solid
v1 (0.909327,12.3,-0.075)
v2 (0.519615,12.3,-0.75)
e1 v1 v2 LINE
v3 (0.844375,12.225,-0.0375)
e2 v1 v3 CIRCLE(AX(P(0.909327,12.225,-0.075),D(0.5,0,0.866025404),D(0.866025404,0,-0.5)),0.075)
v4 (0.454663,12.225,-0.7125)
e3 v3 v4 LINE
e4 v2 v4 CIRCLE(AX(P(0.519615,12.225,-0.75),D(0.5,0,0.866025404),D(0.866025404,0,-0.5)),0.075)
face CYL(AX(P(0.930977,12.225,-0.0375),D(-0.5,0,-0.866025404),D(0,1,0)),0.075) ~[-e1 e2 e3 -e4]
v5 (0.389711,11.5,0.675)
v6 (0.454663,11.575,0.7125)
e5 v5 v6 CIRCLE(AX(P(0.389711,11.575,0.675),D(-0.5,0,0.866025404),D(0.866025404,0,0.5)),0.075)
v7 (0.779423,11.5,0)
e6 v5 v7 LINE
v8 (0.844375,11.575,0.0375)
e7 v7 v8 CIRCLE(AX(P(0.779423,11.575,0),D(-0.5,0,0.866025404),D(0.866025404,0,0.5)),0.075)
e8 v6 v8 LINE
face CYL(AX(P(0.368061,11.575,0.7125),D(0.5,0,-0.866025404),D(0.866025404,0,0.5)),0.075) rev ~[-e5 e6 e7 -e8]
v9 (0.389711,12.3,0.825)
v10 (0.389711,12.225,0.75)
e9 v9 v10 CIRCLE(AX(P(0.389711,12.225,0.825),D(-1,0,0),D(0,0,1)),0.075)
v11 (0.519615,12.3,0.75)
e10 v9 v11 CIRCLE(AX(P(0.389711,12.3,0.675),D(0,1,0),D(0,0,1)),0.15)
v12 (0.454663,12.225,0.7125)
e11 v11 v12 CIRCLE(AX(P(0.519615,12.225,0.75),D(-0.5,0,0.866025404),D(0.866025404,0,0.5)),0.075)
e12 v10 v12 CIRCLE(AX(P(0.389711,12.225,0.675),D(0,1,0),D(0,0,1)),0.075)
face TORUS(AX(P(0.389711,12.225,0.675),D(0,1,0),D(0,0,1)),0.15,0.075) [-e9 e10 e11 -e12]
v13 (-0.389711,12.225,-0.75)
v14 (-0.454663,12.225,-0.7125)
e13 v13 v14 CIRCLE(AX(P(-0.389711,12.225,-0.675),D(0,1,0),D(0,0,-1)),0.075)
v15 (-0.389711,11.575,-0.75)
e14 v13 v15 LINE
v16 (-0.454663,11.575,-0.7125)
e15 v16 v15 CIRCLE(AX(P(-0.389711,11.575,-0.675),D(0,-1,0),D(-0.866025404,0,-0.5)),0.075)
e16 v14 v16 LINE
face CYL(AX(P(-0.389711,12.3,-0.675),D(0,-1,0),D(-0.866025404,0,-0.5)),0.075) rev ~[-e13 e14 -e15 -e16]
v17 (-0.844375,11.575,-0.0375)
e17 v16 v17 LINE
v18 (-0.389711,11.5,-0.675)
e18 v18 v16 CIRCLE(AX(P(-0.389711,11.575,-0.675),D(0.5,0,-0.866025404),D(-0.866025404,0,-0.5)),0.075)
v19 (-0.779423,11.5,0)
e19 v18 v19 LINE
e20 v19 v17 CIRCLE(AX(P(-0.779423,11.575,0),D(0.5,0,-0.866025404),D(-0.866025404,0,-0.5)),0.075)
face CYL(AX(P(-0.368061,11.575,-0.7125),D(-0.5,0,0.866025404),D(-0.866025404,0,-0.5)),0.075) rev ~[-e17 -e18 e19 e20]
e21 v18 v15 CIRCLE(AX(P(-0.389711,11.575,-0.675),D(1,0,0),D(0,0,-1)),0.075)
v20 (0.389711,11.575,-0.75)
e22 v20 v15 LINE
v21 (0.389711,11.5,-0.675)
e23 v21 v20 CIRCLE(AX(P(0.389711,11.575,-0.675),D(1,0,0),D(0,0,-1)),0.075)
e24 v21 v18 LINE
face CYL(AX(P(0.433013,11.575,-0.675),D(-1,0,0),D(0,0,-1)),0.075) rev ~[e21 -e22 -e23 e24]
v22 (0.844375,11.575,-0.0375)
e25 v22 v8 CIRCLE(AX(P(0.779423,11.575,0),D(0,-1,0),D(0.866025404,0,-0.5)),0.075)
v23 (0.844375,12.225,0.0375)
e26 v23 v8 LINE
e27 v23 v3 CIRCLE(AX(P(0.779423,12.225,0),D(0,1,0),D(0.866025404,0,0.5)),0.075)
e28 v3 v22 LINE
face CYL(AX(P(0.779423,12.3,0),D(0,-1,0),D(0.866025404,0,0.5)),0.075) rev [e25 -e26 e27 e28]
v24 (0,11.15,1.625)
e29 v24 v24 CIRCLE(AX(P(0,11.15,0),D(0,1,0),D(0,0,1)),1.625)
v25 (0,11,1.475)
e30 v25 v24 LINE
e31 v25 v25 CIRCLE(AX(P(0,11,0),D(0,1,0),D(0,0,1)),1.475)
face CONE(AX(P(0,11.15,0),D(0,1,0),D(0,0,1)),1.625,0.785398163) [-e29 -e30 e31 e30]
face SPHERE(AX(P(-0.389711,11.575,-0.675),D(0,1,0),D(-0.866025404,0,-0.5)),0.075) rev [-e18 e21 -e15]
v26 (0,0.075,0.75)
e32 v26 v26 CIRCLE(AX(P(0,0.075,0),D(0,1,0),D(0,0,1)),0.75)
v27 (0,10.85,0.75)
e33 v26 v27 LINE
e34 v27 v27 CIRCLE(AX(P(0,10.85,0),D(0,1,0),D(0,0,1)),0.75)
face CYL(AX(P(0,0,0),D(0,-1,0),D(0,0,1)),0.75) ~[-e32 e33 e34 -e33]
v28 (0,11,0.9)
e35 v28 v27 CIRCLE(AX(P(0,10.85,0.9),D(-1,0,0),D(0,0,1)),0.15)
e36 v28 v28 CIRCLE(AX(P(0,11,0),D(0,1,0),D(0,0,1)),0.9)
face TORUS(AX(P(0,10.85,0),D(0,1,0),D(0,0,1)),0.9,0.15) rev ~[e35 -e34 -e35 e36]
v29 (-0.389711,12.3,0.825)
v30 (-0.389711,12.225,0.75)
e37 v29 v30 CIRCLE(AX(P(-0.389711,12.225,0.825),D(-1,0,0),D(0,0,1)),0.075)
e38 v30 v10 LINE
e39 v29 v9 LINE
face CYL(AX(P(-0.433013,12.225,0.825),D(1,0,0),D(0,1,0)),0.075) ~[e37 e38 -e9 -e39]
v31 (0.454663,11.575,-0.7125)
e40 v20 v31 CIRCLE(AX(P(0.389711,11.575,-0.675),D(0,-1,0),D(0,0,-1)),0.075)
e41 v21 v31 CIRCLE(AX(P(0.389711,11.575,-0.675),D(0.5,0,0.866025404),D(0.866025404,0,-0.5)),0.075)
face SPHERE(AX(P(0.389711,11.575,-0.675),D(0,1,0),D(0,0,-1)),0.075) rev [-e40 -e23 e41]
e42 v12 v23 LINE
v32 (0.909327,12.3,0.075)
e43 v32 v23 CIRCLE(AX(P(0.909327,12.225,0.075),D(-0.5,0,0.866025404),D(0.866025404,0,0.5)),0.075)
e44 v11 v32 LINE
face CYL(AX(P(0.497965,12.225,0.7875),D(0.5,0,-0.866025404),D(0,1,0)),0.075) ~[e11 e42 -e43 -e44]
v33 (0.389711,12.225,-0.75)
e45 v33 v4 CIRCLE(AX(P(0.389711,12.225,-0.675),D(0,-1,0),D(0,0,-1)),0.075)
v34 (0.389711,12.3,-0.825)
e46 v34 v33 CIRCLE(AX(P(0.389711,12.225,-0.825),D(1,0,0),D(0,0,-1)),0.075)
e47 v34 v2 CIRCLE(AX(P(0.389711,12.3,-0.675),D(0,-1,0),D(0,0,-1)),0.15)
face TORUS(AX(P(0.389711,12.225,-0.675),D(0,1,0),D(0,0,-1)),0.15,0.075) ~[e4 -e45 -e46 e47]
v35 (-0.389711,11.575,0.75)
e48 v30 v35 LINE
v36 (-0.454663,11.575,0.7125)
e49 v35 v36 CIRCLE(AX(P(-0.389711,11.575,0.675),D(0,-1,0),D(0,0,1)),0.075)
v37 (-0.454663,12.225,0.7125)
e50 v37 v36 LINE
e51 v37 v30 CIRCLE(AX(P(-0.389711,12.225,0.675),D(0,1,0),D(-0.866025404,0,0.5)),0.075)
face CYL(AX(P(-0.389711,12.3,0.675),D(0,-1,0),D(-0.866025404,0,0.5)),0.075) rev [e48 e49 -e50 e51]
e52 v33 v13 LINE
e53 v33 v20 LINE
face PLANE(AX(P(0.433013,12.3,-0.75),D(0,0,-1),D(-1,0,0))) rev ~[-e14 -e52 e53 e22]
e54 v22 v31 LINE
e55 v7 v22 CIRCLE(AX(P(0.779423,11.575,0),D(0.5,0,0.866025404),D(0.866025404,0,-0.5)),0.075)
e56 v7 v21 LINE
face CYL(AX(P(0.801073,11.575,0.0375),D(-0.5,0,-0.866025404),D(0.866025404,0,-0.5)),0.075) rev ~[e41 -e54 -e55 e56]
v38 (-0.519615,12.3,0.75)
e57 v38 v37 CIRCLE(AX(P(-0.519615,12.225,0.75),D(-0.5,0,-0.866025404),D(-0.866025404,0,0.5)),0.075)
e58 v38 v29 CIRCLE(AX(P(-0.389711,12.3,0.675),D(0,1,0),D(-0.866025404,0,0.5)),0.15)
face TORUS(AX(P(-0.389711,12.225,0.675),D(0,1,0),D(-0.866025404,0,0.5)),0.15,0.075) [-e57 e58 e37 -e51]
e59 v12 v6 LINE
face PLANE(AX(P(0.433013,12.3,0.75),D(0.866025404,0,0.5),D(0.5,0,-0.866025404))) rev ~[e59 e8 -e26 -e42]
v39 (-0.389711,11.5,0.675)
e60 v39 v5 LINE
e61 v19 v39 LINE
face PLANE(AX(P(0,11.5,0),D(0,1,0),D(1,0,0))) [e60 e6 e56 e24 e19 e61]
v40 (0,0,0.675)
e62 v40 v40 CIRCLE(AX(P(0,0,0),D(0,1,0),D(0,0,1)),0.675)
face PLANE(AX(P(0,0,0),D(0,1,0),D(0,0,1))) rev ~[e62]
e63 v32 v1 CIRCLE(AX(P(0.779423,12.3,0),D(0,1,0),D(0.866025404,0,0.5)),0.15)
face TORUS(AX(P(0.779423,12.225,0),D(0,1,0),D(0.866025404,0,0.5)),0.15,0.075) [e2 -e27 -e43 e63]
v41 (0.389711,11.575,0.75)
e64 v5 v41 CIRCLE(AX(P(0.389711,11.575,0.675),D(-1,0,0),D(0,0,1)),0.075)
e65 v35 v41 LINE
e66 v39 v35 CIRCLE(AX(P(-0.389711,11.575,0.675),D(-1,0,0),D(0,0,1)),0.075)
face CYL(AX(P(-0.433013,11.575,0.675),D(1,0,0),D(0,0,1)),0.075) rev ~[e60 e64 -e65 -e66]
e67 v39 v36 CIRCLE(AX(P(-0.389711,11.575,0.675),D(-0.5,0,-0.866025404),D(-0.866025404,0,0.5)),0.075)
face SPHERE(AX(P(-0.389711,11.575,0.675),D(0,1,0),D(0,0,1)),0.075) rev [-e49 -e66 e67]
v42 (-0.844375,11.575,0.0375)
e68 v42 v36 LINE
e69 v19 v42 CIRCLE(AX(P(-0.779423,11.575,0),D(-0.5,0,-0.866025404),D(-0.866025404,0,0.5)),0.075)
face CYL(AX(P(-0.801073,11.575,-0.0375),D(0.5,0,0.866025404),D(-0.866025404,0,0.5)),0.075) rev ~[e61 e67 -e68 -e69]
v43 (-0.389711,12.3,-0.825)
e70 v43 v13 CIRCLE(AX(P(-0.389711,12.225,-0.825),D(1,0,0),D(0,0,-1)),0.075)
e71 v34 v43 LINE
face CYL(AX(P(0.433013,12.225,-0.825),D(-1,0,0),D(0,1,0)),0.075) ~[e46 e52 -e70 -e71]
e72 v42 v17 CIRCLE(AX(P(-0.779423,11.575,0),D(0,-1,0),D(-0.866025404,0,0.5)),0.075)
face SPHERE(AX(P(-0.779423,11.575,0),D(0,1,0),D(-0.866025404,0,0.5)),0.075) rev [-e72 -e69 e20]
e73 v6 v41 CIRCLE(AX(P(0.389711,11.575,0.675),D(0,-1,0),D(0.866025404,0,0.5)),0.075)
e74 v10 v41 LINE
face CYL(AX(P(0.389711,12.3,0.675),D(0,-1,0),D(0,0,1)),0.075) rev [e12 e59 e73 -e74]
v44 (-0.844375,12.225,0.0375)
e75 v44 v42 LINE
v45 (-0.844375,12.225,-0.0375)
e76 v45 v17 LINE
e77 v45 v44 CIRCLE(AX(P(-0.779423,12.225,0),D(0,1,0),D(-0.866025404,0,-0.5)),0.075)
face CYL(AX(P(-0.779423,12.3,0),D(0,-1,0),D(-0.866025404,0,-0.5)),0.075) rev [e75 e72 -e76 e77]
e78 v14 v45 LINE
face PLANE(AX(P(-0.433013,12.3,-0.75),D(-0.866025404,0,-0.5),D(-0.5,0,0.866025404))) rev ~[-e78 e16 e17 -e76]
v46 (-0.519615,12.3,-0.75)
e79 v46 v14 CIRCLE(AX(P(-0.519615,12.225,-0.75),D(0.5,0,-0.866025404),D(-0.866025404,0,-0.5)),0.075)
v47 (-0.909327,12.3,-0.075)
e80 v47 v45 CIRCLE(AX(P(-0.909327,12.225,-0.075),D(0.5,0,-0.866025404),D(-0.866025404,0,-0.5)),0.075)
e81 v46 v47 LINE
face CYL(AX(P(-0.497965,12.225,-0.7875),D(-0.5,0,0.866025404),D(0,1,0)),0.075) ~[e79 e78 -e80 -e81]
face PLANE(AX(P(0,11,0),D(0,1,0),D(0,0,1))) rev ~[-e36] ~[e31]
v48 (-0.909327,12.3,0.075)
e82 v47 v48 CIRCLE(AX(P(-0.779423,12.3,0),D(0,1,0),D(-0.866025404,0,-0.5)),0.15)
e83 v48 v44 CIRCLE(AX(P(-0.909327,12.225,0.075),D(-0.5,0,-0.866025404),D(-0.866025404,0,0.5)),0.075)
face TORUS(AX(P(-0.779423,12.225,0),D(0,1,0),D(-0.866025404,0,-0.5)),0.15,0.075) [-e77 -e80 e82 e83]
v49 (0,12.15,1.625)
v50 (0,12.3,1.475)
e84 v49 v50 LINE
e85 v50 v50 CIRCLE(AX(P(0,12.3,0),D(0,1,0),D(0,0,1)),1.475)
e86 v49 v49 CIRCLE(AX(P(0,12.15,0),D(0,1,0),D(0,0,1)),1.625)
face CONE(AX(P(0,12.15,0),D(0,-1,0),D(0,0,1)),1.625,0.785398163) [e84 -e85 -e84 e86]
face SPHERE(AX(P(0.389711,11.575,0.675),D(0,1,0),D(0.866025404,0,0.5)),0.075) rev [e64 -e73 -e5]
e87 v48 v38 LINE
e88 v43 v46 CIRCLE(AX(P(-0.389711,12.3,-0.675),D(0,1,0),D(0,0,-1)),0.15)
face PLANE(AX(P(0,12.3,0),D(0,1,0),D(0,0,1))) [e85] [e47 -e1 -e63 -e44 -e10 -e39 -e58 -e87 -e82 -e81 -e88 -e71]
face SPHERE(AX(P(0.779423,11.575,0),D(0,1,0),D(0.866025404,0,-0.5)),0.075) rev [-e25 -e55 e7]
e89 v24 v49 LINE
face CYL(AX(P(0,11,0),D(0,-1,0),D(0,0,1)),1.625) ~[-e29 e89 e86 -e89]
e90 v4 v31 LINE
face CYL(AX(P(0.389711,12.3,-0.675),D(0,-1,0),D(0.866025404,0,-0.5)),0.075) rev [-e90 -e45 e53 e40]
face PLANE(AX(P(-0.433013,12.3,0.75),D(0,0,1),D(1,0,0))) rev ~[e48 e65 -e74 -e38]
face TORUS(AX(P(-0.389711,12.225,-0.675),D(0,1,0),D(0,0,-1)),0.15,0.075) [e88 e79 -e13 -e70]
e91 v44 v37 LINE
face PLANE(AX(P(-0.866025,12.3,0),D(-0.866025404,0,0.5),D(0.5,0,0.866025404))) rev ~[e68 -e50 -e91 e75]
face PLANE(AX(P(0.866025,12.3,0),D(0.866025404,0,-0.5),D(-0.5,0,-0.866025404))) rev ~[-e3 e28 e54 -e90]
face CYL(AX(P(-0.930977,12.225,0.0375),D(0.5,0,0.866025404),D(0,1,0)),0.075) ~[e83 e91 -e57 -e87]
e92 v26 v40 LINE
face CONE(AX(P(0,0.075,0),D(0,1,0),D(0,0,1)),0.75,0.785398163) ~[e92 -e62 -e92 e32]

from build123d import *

# Parameters (mm, degrees)
SKETCH1_R           = 0.75
BOSS_EXTRUDE1_DEPTH = 11
SKETCH2_R           = 1.625
BOSS_EXTRUDE2_DEPTH = 1.3
FILLET1_R           = 0.15
CHAMFER1_SIZE       = 0.15
CUT_EXTRUDE1_DEPTH  = 0.8
CHAMFER2_SIZE       = 0.075
FILLET2_R           = 0.075


with BuildPart() as part:
    # Sketch1 → Boss-Extrude1 (new body)
    with BuildSketch(Plane(origin=(0, 0, 0), x_dir=(1, 0, 0), z_dir=(0, 1, 0))):
        with Locations(Location((0, 0, 0), (0, 0, 270))):
            Circle(SKETCH1_R)
    extrude(amount=BOSS_EXTRUDE1_DEPTH)

    # Sketch2 → Boss-Extrude2 (add)
    with BuildSketch(Plane(origin=(0, 11, 0), x_dir=(1, 0, 0), z_dir=(0, 1, 0))):
        with Locations(Location((0, 0, 0), (0, 0, 270))):
            Circle(SKETCH2_R)
    extrude(amount=BOSS_EXTRUDE2_DEPTH)

    # Fillet1
    fillet1_edges = [part.edges().sort_by_distance(p)[0] for p in [
        (0, 11, -0.75),
    ]]
    fillet(fillet1_edges, radius=FILLET1_R)

    # Chamfer1
    chamfer1_edges = [part.edges().sort_by_distance(p)[0] for p in [
        (0, 11, -1.625),
        (0, 12.3, -1.625),
    ]]
    chamfer(chamfer1_edges, length=CHAMFER1_SIZE)

    # Sketch3 → Cut-Extrude1 (cut)
    with BuildSketch(Plane(origin=(0, 12.3, 0), x_dir=(1, 0, 0), z_dir=(0, 1, 0))):
        Polygon((-0.433012702, 0.75), (-0.866025404, 0), (-0.433012702, -0.75), (0.433012702, -0.75), (0.866025404, 0), (0.433012702, 0.75), align=None)
    extrude(amount=-CUT_EXTRUDE1_DEPTH, mode=Mode.SUBTRACT)

    # Chamfer2
    chamfer2_edges = [part.edges().sort_by_distance(p)[0] for p in [
        (0, 0, -0.75),
    ]]
    chamfer(chamfer2_edges, length=CHAMFER2_SIZE)

    # Fillet2
    fillet2_edges = [part.edges().sort_by_distance(p)[0] for p in [
        (0, 11.5, -0.75),
        (-0.433012702, 11.9, -0.75),
        (0.649519053, 11.5, -0.375),
        (0.433012702, 11.9, -0.75),
        (0.649519053, 11.5, 0.375),
        (0.866025404, 11.9, 0),
        (0, 11.5, 0.75),
        (0.433012702, 11.9, 0.75),
        (-0.649519053, 11.5, 0.375),
        (-0.433012702, 11.9, 0.75),
        (-0.649519053, 11.5, -0.375),
        (-0.866025404, 11.9, 0),
        (0, 12.3, -0.75),
        (-0.649519053, 12.3, -0.375),
        (-0.649519053, 12.3, 0.375),
        (0, 12.3, 0.75),
        (0.649519053, 12.3, 0.375),
        (0.649519053, 12.3, -0.375),
    ]]
    fillet(fillet2_edges, radius=FILLET2_R)


solid = part.part
